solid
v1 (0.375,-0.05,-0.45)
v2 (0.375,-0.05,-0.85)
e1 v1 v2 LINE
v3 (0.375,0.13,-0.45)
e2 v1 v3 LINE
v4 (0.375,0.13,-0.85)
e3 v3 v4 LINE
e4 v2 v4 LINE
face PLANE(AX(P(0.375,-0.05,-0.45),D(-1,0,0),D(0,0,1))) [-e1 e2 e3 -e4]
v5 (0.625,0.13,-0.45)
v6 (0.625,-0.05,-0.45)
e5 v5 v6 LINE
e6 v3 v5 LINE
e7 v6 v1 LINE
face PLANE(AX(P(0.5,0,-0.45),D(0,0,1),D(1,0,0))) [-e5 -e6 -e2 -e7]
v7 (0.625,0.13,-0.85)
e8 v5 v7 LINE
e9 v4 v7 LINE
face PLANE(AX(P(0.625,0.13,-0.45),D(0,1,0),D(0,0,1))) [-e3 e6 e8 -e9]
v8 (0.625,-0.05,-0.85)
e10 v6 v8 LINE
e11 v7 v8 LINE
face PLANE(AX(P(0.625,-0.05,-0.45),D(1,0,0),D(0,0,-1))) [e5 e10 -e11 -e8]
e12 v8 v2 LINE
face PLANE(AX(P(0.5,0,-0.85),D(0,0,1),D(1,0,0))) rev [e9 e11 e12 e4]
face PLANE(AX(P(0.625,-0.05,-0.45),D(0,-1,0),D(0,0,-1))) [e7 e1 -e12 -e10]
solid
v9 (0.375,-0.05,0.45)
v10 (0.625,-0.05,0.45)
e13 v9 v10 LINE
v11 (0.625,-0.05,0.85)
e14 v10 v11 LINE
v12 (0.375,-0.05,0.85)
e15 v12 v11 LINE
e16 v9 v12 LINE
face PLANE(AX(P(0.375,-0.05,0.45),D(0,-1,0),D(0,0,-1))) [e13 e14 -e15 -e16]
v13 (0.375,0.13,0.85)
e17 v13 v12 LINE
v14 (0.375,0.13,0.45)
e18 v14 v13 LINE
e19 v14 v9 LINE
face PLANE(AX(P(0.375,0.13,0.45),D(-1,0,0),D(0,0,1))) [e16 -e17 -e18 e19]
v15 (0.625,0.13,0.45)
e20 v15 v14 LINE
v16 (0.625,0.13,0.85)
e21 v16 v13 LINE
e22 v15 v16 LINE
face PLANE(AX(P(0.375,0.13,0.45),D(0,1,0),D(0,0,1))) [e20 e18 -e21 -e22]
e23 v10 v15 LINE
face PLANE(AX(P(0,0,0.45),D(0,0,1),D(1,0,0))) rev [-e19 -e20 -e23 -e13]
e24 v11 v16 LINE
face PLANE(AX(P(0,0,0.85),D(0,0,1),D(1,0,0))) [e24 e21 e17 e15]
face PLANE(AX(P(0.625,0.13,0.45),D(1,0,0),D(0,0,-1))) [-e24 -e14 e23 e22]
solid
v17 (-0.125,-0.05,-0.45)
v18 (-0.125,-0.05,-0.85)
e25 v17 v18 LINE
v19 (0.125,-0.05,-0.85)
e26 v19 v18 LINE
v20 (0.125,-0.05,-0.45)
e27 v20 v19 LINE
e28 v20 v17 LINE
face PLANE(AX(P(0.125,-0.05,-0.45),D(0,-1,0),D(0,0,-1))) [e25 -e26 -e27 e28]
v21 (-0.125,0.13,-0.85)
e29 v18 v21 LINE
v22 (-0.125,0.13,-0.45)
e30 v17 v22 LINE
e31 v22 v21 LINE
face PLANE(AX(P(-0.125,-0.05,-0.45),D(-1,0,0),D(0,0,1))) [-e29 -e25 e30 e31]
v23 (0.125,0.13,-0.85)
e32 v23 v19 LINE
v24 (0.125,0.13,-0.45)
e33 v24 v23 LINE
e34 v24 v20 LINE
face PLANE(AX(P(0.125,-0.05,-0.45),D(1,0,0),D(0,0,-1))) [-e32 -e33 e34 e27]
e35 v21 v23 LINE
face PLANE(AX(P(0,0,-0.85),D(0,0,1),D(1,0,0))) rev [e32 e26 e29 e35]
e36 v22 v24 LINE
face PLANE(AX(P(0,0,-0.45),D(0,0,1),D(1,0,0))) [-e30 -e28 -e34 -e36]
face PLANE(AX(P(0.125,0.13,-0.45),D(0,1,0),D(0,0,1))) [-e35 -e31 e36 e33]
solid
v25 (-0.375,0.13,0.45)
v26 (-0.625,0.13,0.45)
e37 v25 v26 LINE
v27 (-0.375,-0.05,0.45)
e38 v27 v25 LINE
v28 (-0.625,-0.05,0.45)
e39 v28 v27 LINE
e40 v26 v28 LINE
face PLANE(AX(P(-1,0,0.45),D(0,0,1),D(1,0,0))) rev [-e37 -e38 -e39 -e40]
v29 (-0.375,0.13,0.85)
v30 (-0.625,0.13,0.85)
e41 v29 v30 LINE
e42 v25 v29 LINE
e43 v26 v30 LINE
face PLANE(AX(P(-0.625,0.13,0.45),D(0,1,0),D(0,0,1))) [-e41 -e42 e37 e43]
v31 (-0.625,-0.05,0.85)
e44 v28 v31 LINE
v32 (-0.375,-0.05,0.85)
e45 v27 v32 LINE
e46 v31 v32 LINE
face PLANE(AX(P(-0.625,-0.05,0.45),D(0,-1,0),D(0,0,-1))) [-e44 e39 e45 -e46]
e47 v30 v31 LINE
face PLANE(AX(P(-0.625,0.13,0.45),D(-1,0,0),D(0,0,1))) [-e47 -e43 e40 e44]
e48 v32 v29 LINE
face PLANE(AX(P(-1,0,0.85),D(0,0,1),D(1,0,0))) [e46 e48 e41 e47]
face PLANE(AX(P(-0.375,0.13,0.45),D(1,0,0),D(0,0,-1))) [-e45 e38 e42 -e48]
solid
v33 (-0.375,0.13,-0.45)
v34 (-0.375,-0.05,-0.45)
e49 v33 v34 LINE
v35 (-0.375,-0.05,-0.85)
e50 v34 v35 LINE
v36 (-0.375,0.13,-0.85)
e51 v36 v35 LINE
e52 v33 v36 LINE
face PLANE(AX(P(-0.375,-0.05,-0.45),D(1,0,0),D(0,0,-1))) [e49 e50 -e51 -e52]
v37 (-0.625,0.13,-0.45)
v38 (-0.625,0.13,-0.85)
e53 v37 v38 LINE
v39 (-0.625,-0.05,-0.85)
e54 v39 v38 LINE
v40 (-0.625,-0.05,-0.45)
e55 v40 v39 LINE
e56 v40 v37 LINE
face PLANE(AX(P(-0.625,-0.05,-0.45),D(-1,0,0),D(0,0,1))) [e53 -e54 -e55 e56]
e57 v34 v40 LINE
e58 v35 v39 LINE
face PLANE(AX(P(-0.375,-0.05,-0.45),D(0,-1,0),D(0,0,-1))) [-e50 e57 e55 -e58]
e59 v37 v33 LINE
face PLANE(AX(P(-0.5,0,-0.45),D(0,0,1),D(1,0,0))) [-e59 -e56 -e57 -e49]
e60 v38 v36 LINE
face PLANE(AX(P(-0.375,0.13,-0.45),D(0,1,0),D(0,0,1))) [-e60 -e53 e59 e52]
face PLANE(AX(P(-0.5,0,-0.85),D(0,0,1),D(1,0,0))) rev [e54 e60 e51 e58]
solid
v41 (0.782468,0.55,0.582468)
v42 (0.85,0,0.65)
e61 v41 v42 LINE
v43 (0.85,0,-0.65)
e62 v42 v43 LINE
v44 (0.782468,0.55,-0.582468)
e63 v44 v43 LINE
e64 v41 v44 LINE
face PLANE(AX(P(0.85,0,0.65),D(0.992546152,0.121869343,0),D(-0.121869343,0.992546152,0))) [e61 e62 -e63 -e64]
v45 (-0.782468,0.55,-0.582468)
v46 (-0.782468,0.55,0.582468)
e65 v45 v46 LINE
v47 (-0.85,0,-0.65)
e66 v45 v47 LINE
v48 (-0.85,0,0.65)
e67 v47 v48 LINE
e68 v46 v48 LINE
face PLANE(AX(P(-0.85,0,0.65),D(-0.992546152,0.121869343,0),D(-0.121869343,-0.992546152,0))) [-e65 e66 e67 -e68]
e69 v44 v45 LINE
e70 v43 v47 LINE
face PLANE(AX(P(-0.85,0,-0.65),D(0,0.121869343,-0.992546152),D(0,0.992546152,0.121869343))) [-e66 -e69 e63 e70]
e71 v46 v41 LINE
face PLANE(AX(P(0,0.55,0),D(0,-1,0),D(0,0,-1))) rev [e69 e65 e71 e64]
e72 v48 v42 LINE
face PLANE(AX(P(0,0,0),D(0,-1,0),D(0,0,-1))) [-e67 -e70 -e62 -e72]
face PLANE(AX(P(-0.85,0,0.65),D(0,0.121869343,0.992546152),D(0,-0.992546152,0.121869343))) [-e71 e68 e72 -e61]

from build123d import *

# Parameters (mm, degrees)
CROQUIS1_W              = 1.7
CROQUIS1_H              = 1.3
SALIENTE_EXTRUIR1_DEPTH = 0.55
SALIENTE_EXTRUIR1_TAPER = 7
CROQUIS3_W              = 0.25
CROQUIS3_H              = 0.18
SALIENTE_EXTRUIR2_DEPTH = 0.4
MATRIZL1_COUNT          = 2
MATRIZL1_PITCH          = 0.5
MATRIZL2_COUNT          = 2
MATRIZL2_PITCH          = 0.5
CROQUIS6_W              = 0.25
CROQUIS6_H              = 0.18
SALIENTE_EXTRUIR3_DEPTH = 0.4
MATRIZL3_COUNT          = 2
MATRIZL3_PITCH          = 1


with BuildPart() as part:
    # Croquis1 → Saliente-Extruir1 (new body)
    with BuildSketch(Plane(origin=(0, 0, 0), x_dir=(1, 0, 0), z_dir=(0, 1, 0))):
        Rectangle(CROQUIS1_W, CROQUIS1_H)
    extrude(amount=SALIENTE_EXTRUIR1_DEPTH, taper=SALIENTE_EXTRUIR1_TAPER)


with BuildPart() as body_2:
    # Croquis3 → Saliente-Extruir2 (new body)
    with BuildSketch(Plane(origin=(0, 0.04, -0.85), x_dir=(-1, 0, 0), z_dir=(0, 0, -1))):
        Rectangle(CROQUIS3_W, CROQUIS3_H)
    saliente_extruir2 = extrude(amount=-SALIENTE_EXTRUIR2_DEPTH)


with BuildPart() as matrizl1_1:
    # MatrizL1: Saliente-Extruir2 ×2
    with Locations(*[(i * MATRIZL1_PITCH, 0, 0) for i in range(1, MATRIZL1_COUNT)]):
        add(saliente_extruir2)


with BuildPart() as matrizl2_1:
    # MatrizL2: Saliente-Extruir2 ×2
    with Locations(*[(-i * MATRIZL2_PITCH, 0, 0) for i in range(1, MATRIZL2_COUNT)]):
        add(saliente_extruir2)


with BuildPart() as body_5:
    # Croquis6 → Saliente-Extruir3 (new body)
    with BuildSketch(Plane(origin=(0.5, 0.04, 0.85), x_dir=(1, 0, 0), z_dir=(0, 0, 1))):
        Rectangle(CROQUIS6_W, CROQUIS6_H)
    saliente_extruir3 = extrude(amount=-SALIENTE_EXTRUIR3_DEPTH)


with BuildPart() as matrizl3_1:
    # MatrizL3: Saliente-Extruir3 ×2
    with Locations(*[(-i * MATRIZL3_PITCH, 0, 0) for i in range(1, MATRIZL3_COUNT)]):
        add(saliente_extruir3)


solid = Compound([part.part, body_2.part, matrizl1_1.part, matrizl2_1.part, body_5.part, matrizl3_1.part])
